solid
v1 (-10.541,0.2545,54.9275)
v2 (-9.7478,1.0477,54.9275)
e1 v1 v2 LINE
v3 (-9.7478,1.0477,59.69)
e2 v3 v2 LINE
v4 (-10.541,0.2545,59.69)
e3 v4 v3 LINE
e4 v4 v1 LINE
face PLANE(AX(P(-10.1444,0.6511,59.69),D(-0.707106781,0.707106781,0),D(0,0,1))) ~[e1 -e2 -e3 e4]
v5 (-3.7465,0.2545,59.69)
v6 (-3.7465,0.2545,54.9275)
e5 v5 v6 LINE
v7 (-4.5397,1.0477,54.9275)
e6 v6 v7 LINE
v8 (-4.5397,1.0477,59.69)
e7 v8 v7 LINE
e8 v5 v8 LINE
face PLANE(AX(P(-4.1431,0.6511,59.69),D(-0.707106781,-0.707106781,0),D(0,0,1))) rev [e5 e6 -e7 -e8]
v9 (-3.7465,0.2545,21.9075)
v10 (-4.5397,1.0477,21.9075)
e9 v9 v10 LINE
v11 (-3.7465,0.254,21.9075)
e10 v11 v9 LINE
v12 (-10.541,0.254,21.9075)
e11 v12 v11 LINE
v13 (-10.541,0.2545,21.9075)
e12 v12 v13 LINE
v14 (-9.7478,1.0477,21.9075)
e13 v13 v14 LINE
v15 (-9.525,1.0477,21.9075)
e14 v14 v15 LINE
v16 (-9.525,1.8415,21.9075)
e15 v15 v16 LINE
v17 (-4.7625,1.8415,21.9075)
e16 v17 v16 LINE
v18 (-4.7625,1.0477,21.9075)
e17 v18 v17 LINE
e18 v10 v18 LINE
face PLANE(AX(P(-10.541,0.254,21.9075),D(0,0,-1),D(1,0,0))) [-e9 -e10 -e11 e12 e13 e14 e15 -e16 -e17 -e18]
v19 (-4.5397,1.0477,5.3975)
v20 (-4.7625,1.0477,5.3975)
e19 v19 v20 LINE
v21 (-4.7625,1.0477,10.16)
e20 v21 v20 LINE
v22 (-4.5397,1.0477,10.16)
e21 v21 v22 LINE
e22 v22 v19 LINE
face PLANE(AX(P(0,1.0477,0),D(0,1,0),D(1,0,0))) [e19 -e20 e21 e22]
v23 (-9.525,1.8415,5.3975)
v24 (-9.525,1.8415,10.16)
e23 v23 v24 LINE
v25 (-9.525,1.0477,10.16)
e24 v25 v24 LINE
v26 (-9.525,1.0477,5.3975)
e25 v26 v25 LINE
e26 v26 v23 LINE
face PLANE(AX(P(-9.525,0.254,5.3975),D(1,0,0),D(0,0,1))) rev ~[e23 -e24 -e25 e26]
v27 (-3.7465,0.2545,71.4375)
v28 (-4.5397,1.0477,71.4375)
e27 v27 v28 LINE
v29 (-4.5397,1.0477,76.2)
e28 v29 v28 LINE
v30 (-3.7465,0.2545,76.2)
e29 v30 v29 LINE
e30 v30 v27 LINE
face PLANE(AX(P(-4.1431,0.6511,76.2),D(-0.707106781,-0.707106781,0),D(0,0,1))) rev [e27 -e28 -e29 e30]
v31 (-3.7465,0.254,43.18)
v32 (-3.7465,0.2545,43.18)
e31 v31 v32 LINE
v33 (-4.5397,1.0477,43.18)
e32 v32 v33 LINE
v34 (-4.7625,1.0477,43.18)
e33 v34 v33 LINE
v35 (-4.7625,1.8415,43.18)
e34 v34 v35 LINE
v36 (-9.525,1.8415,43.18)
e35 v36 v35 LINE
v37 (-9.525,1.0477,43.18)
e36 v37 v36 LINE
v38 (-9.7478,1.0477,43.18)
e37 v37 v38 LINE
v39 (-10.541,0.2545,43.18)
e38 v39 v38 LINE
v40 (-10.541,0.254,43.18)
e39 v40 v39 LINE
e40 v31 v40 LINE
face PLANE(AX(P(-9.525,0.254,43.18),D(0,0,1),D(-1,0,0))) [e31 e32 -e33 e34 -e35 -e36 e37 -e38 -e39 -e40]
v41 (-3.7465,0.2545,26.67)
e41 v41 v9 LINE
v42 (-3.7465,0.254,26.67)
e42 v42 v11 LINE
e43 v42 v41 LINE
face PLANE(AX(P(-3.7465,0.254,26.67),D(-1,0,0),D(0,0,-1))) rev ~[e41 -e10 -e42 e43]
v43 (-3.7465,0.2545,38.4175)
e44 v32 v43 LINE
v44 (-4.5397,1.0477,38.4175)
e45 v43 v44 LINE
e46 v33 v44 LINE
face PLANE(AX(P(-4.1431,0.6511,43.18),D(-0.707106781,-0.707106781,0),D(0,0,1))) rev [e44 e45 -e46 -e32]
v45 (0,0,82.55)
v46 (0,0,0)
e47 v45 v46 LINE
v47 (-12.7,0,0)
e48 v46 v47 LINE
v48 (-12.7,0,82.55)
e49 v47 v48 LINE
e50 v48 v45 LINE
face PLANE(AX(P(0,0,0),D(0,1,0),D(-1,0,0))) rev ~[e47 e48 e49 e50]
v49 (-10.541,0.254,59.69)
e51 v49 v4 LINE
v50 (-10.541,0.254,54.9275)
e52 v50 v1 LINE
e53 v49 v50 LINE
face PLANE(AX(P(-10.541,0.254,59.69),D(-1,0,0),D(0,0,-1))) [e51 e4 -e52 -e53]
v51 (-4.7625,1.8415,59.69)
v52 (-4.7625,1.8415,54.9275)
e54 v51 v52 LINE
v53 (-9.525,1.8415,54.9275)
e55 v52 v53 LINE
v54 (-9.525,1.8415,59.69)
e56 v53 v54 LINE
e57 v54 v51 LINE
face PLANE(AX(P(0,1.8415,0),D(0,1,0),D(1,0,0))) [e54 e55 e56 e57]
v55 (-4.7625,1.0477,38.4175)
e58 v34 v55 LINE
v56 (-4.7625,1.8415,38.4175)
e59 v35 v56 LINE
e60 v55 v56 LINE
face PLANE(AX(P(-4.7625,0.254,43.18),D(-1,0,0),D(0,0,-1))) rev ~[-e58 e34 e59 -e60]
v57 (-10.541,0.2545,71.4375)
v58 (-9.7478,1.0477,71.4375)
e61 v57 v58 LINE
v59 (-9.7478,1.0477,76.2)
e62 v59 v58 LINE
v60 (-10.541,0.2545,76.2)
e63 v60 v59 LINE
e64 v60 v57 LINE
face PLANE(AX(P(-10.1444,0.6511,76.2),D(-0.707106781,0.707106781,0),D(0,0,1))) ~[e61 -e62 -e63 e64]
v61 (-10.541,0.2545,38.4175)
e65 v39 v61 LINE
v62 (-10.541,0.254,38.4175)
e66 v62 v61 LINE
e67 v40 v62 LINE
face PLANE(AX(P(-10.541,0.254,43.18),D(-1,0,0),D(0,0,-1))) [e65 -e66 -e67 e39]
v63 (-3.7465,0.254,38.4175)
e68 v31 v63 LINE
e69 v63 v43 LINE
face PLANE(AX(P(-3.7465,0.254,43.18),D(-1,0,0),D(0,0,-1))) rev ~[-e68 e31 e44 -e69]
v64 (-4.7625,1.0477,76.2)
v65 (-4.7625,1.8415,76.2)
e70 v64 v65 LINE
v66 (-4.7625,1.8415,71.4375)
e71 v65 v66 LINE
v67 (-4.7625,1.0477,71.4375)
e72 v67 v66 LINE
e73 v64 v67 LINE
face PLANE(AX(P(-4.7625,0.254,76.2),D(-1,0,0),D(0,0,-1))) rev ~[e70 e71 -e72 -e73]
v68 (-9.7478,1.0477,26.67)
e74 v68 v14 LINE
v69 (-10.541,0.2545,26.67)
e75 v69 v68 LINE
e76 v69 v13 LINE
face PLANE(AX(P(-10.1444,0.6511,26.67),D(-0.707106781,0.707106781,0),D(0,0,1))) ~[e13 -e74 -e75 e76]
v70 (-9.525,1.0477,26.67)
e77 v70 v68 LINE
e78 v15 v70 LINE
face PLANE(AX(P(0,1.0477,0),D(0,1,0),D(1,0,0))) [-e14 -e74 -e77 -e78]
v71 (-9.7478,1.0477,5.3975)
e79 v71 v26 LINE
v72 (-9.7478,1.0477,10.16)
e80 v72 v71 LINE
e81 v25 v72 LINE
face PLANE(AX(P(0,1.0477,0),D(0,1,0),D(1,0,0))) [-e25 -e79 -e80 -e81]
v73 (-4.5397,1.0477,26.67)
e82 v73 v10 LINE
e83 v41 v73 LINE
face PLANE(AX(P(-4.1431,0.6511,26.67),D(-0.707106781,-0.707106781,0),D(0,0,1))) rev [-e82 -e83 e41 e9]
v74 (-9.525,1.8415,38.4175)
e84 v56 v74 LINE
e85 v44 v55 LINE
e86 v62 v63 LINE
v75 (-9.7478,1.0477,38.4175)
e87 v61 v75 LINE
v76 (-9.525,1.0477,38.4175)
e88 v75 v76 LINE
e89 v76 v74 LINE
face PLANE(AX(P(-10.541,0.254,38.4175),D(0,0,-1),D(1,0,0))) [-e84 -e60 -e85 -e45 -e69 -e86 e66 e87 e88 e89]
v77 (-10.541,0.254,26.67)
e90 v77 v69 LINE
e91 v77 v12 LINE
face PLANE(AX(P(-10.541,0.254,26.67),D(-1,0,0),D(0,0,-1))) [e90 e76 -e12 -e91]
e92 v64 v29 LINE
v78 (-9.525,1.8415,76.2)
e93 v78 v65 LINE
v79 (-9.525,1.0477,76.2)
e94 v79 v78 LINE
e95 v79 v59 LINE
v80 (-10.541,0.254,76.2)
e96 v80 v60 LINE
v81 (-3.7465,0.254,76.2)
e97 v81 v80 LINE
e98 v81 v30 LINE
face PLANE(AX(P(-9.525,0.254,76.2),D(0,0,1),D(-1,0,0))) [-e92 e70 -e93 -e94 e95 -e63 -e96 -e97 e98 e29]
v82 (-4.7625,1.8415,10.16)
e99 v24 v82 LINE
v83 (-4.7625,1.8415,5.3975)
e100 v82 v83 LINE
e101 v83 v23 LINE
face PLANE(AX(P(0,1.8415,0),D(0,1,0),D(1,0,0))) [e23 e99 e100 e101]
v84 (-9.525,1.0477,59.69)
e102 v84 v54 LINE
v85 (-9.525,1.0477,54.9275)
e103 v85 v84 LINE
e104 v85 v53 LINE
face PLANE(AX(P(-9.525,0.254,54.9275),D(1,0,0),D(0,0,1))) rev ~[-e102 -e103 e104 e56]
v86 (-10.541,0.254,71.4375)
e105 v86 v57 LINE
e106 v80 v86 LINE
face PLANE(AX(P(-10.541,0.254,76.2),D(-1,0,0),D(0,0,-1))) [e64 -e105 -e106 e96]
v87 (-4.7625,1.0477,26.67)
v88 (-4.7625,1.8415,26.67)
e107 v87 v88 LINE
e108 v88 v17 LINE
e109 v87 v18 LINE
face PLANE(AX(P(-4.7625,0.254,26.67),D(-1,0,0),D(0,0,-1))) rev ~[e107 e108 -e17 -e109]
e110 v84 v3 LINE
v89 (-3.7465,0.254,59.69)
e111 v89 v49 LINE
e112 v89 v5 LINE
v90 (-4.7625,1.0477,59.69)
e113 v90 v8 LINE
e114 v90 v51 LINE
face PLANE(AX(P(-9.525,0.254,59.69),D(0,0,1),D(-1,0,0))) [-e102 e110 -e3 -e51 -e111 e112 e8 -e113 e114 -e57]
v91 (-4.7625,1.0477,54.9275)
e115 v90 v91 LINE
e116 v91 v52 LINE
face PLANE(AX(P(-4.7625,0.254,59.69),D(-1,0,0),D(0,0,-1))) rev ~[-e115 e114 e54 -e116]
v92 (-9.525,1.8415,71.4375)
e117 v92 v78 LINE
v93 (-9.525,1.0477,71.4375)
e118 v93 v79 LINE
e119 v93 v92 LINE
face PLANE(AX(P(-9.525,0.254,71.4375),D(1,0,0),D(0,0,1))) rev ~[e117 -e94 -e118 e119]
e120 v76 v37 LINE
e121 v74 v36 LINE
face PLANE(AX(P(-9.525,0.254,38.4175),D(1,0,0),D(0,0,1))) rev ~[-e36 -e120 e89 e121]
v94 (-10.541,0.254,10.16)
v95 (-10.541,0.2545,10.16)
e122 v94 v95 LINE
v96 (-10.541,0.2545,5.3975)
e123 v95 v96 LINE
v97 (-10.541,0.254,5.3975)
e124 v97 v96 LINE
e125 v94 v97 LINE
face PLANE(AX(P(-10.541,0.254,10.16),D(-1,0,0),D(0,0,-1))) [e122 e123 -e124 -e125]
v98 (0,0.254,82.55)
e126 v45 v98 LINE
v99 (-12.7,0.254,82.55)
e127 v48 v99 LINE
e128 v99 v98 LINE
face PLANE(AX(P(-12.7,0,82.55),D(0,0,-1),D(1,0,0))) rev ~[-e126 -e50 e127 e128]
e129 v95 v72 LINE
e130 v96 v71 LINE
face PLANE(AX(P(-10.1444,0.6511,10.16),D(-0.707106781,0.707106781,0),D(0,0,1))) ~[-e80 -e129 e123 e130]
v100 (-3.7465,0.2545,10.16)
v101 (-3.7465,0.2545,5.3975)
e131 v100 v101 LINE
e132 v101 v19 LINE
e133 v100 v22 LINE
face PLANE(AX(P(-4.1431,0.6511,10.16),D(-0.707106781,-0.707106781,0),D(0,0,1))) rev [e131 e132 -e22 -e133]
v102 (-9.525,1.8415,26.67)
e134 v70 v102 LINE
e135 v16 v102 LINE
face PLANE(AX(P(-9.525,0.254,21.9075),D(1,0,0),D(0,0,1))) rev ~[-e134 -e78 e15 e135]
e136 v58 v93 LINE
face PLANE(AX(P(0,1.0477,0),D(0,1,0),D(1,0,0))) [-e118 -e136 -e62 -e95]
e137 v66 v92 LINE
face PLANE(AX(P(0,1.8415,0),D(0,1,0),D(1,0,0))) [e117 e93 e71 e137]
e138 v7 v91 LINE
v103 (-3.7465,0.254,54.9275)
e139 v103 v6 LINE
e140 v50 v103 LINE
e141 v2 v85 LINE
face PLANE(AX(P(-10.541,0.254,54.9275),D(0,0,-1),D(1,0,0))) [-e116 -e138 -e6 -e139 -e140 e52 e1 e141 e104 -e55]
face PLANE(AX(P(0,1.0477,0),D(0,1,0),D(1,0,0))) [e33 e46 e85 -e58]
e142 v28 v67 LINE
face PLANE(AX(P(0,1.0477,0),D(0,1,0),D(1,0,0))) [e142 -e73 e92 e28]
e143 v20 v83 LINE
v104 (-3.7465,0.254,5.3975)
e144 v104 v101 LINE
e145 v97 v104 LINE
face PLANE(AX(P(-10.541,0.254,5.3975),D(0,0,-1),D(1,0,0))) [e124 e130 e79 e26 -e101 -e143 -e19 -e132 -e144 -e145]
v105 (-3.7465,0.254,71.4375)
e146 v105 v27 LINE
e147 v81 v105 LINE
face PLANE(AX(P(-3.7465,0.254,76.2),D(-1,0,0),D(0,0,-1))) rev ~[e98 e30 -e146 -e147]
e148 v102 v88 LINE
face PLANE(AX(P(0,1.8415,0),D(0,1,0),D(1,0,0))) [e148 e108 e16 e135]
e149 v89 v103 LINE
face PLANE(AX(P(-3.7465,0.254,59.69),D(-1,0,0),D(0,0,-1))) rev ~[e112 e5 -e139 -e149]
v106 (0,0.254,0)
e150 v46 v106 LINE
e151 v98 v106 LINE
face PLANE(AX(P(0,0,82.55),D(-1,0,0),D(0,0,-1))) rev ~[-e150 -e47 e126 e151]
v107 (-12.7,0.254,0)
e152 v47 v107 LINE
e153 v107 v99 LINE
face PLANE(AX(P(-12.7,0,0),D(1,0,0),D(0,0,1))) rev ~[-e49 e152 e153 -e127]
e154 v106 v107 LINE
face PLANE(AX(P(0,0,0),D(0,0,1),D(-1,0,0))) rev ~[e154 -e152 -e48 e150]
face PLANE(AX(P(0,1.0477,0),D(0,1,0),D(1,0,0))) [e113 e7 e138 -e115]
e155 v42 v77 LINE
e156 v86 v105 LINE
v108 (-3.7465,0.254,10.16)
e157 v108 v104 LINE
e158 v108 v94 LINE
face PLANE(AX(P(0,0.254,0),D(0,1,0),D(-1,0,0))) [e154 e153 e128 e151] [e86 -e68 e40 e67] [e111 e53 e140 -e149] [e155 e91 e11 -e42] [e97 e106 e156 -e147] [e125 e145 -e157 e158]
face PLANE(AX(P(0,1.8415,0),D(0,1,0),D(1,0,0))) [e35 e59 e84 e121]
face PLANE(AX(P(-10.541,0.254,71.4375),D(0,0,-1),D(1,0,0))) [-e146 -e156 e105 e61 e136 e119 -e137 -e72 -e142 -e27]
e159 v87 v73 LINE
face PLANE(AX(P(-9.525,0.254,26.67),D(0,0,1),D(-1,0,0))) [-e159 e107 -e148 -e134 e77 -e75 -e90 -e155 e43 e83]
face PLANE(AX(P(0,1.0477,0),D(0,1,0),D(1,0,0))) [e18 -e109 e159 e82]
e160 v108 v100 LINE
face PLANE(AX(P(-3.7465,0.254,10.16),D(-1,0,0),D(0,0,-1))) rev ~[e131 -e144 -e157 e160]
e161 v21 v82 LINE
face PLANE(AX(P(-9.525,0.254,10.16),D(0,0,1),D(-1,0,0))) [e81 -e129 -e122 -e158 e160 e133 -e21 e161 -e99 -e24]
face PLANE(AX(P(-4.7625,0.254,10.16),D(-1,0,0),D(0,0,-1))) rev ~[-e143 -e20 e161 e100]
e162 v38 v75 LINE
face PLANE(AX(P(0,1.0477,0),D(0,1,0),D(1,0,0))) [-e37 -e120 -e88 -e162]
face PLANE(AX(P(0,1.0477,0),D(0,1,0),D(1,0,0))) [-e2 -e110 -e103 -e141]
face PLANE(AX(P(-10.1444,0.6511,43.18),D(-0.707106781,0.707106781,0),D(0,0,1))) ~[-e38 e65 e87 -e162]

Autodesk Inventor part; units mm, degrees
ref_plane "YZ Plane" through (0, 0, 0) normal (1, 0, 0) x (0, 1, 0)
ref_plane "XZ Plane" through (0, 0, 0) normal (0, 1, 0) x (-1, 0, 0)
ref_plane "XY Plane" through (0, 0, 0) normal (0, 0, 1) x (1, 0, 0)
sketch "Sketch1" plane through (0, 0, 0) normal (0, 1, 0) x (-1, 0, 0)
  line L0 (0, 0) -> (12.7, 0)
  line L1 (12.7, 0) -> (12.7, 82.55)
  line L2 (12.7, 82.55) -> (0, 82.55)
  line L3 (0, 82.55) -> (0, 0)
  dimension "d0" = 12.7
  dimension "d1" = 82.55
extrude "Extrusion1" add sketch "Sketch1" along normal blind 0.254
sketch "Sketch2" plane through (0, 0.254, 0) normal (0, 1, 0) x (1, 0, 0)
  line L0 (-9.525, -76.2) -> (-4.7625, -76.2)
  line L1 (-4.7625, -76.2) -> (-4.7625, -71.4375)
  line L2 (-4.7625, -71.4375) -> (-9.525, -71.4375)
  line L3 (-9.525, -71.4375) -> (-9.525, -76.2)
  line L4 (-12.7, -82.55) -> (0, -82.55) projected
  line L5 (-12.7, 0) -> (-12.7, -82.55) projected
  line L6 (-9.525, -59.69) -> (-4.7625, -59.69)
  line L7 (-4.7625, -59.69) -> (-4.7625, -54.9275)
  line L8 (-4.7625, -54.9275) -> (-9.525, -54.9275)
  line L9 (-9.525, -54.9275) -> (-9.525, -59.69)
  line L10 (-9.525, -43.18) -> (-4.7625, -43.18)
  line L11 (-4.7625, -43.18) -> (-4.7625, -38.4175)
  line L12 (-4.7625, -38.4175) -> (-9.525, -38.4175)
  line L13 (-9.525, -38.4175) -> (-9.525, -43.18)
  line L14 (-9.525, -26.67) -> (-4.7625, -26.67)
  line L15 (-4.7625, -26.67) -> (-4.7625, -21.9075)
  line L16 (-4.7625, -21.9075) -> (-9.525, -21.9075)
  line L17 (-9.525, -21.9075) -> (-9.525, -26.67)
  line L18 (-9.525, -10.16) -> (-4.7625, -10.16)
  line L19 (-4.7625, -10.16) -> (-4.7625, -5.3975)
  line L20 (-4.7625, -5.3975) -> (-9.525, -5.3975)
  line L21 (-9.525, -5.3975) -> (-9.525, -10.16)
  line L22 (-4.7625, -59.69) -> (-3.7465, -59.69)
  line L23 (-3.7465, -59.69) -> (-3.7465, -54.9275)
  line L24 (-3.7465, -54.9275) -> (-4.7625, -54.9275)
  line L25 (-4.7625, -54.9275) -> (-4.7625, -59.69)
  line L26 (-4.7625, -76.2) -> (-3.7465, -76.2)
  line L27 (-3.7465, -76.2) -> (-3.7465, -71.4375)
  line L28 (-3.7465, -71.4375) -> (-4.7625, -71.4375)
  line L29 (-4.7625, -71.4375) -> (-4.7625, -76.2)
  line L30 (-9.525, -76.2) -> (-10.541, -76.2)
  line L31 (-10.541, -76.2) -> (-10.541, -71.4375)
  line L32 (-10.541, -71.4375) -> (-9.525, -71.4375)
  line L33 (-9.525, -71.4375) -> (-9.525, -76.2)
  line L34 (-9.525, -59.69) -> (-10.541, -59.69)
  line L35 (-10.541, -59.69) -> (-10.541, -54.9275)
  line L36 (-10.541, -54.9275) -> (-9.525, -54.9275)
  line L37 (-9.525, -54.9275) -> (-9.525, -59.69)
  line L38 (-9.525, -43.18) -> (-10.541, -43.18)
  line L39 (-10.541, -43.18) -> (-10.541, -38.4175)
  line L40 (-10.541, -38.4175) -> (-9.525, -38.4175)
  line L41 (-9.525, -38.4175) -> (-9.525, -43.18)
  line L42 (-4.7625, -43.18) -> (-3.7465, -43.18)
  line L43 (-3.7465, -43.18) -> (-3.7465, -38.4175)
  line L44 (-3.7465, -38.4175) -> (-4.7625, -38.4175)
  line L45 (-4.7625, -38.4175) -> (-4.7625, -43.18)
  line L46 (-4.7625, -26.67) -> (-3.7465, -26.67)
  line L47 (-3.7465, -26.67) -> (-3.7465, -21.9075)
  line L48 (-3.7465, -21.9075) -> (-4.7625, -21.9075)
  line L49 (-4.7625, -21.9075) -> (-4.7625, -26.67)
  line L50 (-9.525, -26.67) -> (-10.541, -26.67)
  line L51 (-10.541, -26.67) -> (-10.541, -21.9075)
  line L52 (-10.541, -21.9075) -> (-9.525, -21.9075)
  line L53 (-9.525, -21.9075) -> (-9.525, -26.67)
  line L54 (-9.525, -10.16) -> (-10.541, -10.16)
  line L55 (-10.541, -10.16) -> (-10.541, -5.3975)
  line L56 (-10.541, -5.3975) -> (-9.525, -5.3975)
  line L57 (-9.525, -5.3975) -> (-9.525, -10.16)
  line L58 (-4.7625, -10.16) -> (-3.7465, -10.16)
  line L59 (-3.7465, -10.16) -> (-3.7465, -5.3975)
  line L60 (-3.7465, -5.3975) -> (-4.7625, -5.3975)
  line L61 (-4.7625, -5.3975) -> (-4.7625, -10.16)
  point P0 (0, 0)
  point P1 (-4.7625, -21.9075)
  point P2 (-4.7625, -54.9275)
  dimension "d4" = 4.7625
  dimension "d5" = 4.7625
  dimension "d6" = 6.35
  dimension "d7" = 3.175
  dimension "d8" = 4.7625
  dimension "d9" = 4.7625
  dimension "d10" = 11.7475
  dimension "d11" = 3.175
  dimension "d12" = 4.7625
  dimension "d13" = 4.7625
  dimension "d14" = 4.7625
  dimension "d15" = 4.7625
  dimension "d16" = 4.7625
  dimension "d17" = 4.7625
  dimension "d18" = 11.7475
  dimension "d19" = 11.7475
  dimension "d20" = 11.7475
  dimension "d21" = 3.175
  dimension "d22" = 1.016
  dimension "d23" = 1.016
  dimension "d31" = 4.7625
  dimension "d32" = 4.7625
  dimension "d33" = 4.7625
  dimension "d34" = 4.7625
extrude "Extrusion2" add sketch "Sketch2" along normal blind 1.5875 contours L3 L2 L1 L0 | L9 L8 L7 L6 | L13 L12 L11 L10 | L17 L16 L15 L14 | L21 L20 L19 L18
extrude "Extrusion3" add sketch "Sketch2" along normal blind 0.7937 contours L30 L31 L32 L3 | L1 L28 L27 L26 | L34 L35 L36 L9 | L7 L24 L23 L22 | L38 L39 L40 L13 | L11 L44 L43 L42 | L50 L51 L52 L17 | L15 L48 L47 L46 | L54 L55 L56 L21 | L19 L60 L59 L58
chamfer "Chamfer1" distance 0.7937 angle 45 10 edges at (-3.7465, 1.0477, 73.8188) (-3.7465, 1.0477, 57.3088) (-3.7465, 1.0477, 40.7988) (-3.7465, 1.0477, 24.2888) (-3.7465, 1.0477, 7.7787) (-10.541, 1.0477, 7.7787) (-10.541, 1.0477, 24.2888) (-10.541, 1.0477, 40.7988) (-10.541, 1.0477, 57.3088) (-10.541, 1.0477, 73.8188)
properties part number "LED_Strip"
